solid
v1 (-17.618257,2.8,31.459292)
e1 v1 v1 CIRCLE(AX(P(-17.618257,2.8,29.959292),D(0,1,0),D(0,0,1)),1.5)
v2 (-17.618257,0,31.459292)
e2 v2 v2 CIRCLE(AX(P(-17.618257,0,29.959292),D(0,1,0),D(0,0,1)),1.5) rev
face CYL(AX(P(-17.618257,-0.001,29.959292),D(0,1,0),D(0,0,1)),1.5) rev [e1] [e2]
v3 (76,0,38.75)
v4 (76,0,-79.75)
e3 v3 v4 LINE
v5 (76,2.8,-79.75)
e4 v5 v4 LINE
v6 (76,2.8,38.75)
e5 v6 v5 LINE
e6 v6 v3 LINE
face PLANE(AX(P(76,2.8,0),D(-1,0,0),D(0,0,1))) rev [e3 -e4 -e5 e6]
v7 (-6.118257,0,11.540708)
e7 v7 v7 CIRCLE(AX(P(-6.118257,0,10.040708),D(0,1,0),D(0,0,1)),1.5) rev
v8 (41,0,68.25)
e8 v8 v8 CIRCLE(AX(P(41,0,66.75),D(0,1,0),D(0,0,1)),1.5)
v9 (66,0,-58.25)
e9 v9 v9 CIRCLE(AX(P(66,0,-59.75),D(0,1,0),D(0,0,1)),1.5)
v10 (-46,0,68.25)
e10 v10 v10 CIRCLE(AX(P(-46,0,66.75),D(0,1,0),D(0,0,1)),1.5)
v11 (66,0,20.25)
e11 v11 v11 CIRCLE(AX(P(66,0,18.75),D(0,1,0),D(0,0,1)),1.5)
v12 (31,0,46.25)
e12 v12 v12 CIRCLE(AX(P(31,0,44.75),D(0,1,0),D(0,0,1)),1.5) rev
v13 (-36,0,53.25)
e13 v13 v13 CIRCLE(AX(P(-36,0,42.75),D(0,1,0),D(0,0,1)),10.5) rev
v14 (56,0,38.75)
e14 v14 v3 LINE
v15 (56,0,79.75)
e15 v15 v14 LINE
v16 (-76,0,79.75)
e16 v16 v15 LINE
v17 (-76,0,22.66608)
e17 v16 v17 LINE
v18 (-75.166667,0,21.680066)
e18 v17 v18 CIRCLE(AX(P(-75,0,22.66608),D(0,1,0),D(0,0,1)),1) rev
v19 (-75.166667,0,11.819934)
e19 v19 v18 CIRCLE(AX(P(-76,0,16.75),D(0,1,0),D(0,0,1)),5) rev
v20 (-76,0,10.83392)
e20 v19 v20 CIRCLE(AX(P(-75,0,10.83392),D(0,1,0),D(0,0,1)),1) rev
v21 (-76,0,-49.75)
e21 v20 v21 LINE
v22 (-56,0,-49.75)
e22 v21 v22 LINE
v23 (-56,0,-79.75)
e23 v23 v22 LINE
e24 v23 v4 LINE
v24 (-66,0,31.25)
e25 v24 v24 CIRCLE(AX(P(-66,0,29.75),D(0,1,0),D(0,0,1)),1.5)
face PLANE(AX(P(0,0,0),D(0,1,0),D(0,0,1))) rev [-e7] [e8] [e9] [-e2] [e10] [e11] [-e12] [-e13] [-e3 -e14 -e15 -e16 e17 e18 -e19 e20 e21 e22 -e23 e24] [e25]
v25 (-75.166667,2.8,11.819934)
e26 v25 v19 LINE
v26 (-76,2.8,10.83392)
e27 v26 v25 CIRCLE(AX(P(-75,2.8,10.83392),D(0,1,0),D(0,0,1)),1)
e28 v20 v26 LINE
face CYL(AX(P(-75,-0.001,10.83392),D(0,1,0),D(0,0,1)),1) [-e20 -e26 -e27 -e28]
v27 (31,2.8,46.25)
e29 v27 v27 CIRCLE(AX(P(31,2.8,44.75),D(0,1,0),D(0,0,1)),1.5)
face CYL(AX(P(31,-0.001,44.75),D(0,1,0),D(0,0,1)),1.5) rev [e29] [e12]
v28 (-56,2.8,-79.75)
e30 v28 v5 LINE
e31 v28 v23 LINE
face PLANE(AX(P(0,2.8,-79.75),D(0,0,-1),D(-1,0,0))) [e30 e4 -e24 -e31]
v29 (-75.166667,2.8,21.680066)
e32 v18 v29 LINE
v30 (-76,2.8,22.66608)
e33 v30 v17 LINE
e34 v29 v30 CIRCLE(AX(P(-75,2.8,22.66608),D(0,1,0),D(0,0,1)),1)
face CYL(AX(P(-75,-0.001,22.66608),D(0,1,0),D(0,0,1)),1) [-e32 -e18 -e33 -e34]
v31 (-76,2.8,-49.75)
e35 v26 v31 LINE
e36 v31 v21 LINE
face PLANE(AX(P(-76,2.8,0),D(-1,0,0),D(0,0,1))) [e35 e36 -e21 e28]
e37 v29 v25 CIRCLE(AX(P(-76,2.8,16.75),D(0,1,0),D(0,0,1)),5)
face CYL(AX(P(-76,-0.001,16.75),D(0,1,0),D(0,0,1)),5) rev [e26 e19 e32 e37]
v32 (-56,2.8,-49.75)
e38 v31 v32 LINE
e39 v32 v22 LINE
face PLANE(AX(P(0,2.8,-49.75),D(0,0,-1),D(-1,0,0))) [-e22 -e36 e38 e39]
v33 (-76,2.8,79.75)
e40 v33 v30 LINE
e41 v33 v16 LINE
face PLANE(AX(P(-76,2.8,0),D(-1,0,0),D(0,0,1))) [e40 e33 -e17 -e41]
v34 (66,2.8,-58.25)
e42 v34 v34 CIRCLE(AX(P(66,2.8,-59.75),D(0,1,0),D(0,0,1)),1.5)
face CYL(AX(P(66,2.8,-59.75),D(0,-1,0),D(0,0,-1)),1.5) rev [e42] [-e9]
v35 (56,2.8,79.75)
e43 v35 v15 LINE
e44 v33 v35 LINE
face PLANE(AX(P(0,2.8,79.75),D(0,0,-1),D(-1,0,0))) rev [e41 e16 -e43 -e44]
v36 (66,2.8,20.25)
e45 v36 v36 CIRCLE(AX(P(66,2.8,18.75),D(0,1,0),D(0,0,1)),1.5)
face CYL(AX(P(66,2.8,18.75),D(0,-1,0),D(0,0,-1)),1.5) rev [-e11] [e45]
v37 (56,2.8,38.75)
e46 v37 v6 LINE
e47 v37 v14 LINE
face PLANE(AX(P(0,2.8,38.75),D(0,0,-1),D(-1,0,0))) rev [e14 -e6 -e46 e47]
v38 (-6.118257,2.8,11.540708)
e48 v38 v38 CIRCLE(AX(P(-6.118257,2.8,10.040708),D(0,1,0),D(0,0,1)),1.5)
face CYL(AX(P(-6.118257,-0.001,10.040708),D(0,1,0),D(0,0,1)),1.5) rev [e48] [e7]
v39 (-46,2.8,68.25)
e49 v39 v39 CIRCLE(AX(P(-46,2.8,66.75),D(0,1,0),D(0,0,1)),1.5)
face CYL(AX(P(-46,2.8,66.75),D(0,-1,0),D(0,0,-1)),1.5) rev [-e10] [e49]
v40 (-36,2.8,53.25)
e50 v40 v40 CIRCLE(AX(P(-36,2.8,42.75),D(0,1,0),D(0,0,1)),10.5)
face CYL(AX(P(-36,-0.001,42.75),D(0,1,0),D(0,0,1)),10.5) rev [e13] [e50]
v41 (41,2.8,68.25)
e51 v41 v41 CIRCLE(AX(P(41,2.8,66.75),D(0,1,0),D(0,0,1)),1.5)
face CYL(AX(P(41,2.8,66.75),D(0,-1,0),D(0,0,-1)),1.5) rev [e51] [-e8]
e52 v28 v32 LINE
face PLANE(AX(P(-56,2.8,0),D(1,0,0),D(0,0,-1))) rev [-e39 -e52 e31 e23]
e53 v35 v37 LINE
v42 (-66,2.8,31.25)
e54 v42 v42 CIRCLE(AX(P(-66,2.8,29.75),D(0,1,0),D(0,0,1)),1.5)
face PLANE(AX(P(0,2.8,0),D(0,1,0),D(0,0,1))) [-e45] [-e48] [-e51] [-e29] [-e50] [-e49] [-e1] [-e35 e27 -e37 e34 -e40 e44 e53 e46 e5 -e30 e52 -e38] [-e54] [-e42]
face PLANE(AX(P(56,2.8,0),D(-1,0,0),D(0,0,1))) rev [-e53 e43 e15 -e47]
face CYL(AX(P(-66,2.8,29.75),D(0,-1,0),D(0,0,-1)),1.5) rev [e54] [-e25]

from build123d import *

# Parameters (mm, degrees)
SKETCH1_R           = 1.5
BOSS_EXTRUDE1_DEPTH = 2.8
CUT_EXTRUDE1_REACH  = 4.8
SKETCH2_R           = 1.5
CUT_EXTRUDE2_REACH  = 4.8
SKETCH3_R           = 10.5
CUT_EXTRUDE3_REACH  = 4.8
SKETCH4_R           = 5
FILLET1_R           = 1


with BuildPart() as part:
    # Sketch1 → Boss-Extrude1 (new body)
    with BuildSketch(Plane(origin=(0, 0, 0), x_dir=(1, 0, 0), z_dir=(0, 1, 0))):
        Polygon((-76, -79.75), (56, -79.75), (56, -38.75), (76, -38.75), (76, 79.75), (-56, 79.75), (-56, 49.75), (-76, 49.75), align=None)
        with Locations((-46, -66.75)):
            Circle(SKETCH1_R, mode=Mode.SUBTRACT)
        with Locations((-66, -29.75)):
            Circle(SKETCH1_R, mode=Mode.SUBTRACT)
        with Locations((41, -66.75)):
            Circle(SKETCH1_R, mode=Mode.SUBTRACT)
        with Locations((66, -18.75)):
            Circle(SKETCH1_R, mode=Mode.SUBTRACT)
        with Locations((66, 59.75)):
            Circle(SKETCH1_R, mode=Mode.SUBTRACT)
    extrude(amount=BOSS_EXTRUDE1_DEPTH)

    # Sketch2 → Cut-Extrude1 (cut, up to next)
    with BuildSketch(Plane(origin=(0, 2.8, 0), x_dir=(1, 0, 0), z_dir=(0, 1, 0)), mode=Mode.PRIVATE) as cut_extrude1_sk1:
        with Locations((31, -44.75)):
            Circle(SKETCH2_R)
    cut_extrude1_tool1 = extrude(cut_extrude1_sk1.sketch, amount=-CUT_EXTRUDE1_REACH, mode=Mode.PRIVATE) & part.part
    add(cut_extrude1_tool1.solids().sort_by_distance((31, 2.8, 44.75))[0], mode=Mode.SUBTRACT)
    # Sketch2 → Cut-Extrude1 (cut, up to next)
    with BuildSketch(Plane(origin=(0, 2.8, 0), x_dir=(1, 0, 0), z_dir=(0, 1, 0)), mode=Mode.PRIVATE) as cut_extrude1_sk2:
        with Locations((-6.118257487, -10.040707856)):
            Circle(SKETCH2_R)
    cut_extrude1_tool2 = extrude(cut_extrude1_sk2.sketch, amount=-CUT_EXTRUDE1_REACH, mode=Mode.PRIVATE) & part.part
    add(cut_extrude1_tool2.solids().sort_by_distance((-6.118257, 2.8, 10.040708))[0], mode=Mode.SUBTRACT)
    # Sketch2 → Cut-Extrude1 (cut, up to next)
    with BuildSketch(Plane(origin=(0, 2.8, 0), x_dir=(1, 0, 0), z_dir=(0, 1, 0)), mode=Mode.PRIVATE) as cut_extrude1_sk3:
        with Locations((-17.618257487, -29.959292144)):
            Circle(SKETCH2_R)
    cut_extrude1_tool3 = extrude(cut_extrude1_sk3.sketch, amount=-CUT_EXTRUDE1_REACH, mode=Mode.PRIVATE) & part.part
    add(cut_extrude1_tool3.solids().sort_by_distance((-17.618257, 2.8, 29.959292))[0], mode=Mode.SUBTRACT)

    # Sketch3 → Cut-Extrude2 (cut, up to next)
    with BuildSketch(Plane(origin=(0, 2.8, 0), x_dir=(1, 0, 0), z_dir=(0, 1, 0)), mode=Mode.PRIVATE) as cut_extrude2_sk1:
        with Locations((-36, -42.75)):
            Circle(SKETCH3_R)
    cut_extrude2_tool1 = extrude(cut_extrude2_sk1.sketch, amount=-CUT_EXTRUDE2_REACH, mode=Mode.PRIVATE) & part.part
    add(cut_extrude2_tool1.solids().sort_by_distance((-36, 2.8, 42.75))[0], mode=Mode.SUBTRACT)

    # Sketch4 → Cut-Extrude3 (cut, up to next)
    with BuildSketch(Plane(origin=(0, 2.8, 0), x_dir=(1, 0, 0), z_dir=(0, 1, 0)), mode=Mode.PRIVATE) as cut_extrude3_sk1:
        with Locations((-76, -16.75)):
            Circle(SKETCH4_R)
    cut_extrude3_tool1 = extrude(cut_extrude3_sk1.sketch, amount=-CUT_EXTRUDE3_REACH, mode=Mode.PRIVATE) & part.part
    add(cut_extrude3_tool1.solids().sort_by_distance((-76, 2.8, 16.75))[0], mode=Mode.SUBTRACT)

    # Fillet1
    fillet1_edges = [part.edges().sort_by_distance(p)[0] for p in [
        (-76, 1.4, 21.75),
        (-76, 1.4, 11.75),
    ]]
    fillet(fillet1_edges, radius=FILLET1_R)


solid = part.part
